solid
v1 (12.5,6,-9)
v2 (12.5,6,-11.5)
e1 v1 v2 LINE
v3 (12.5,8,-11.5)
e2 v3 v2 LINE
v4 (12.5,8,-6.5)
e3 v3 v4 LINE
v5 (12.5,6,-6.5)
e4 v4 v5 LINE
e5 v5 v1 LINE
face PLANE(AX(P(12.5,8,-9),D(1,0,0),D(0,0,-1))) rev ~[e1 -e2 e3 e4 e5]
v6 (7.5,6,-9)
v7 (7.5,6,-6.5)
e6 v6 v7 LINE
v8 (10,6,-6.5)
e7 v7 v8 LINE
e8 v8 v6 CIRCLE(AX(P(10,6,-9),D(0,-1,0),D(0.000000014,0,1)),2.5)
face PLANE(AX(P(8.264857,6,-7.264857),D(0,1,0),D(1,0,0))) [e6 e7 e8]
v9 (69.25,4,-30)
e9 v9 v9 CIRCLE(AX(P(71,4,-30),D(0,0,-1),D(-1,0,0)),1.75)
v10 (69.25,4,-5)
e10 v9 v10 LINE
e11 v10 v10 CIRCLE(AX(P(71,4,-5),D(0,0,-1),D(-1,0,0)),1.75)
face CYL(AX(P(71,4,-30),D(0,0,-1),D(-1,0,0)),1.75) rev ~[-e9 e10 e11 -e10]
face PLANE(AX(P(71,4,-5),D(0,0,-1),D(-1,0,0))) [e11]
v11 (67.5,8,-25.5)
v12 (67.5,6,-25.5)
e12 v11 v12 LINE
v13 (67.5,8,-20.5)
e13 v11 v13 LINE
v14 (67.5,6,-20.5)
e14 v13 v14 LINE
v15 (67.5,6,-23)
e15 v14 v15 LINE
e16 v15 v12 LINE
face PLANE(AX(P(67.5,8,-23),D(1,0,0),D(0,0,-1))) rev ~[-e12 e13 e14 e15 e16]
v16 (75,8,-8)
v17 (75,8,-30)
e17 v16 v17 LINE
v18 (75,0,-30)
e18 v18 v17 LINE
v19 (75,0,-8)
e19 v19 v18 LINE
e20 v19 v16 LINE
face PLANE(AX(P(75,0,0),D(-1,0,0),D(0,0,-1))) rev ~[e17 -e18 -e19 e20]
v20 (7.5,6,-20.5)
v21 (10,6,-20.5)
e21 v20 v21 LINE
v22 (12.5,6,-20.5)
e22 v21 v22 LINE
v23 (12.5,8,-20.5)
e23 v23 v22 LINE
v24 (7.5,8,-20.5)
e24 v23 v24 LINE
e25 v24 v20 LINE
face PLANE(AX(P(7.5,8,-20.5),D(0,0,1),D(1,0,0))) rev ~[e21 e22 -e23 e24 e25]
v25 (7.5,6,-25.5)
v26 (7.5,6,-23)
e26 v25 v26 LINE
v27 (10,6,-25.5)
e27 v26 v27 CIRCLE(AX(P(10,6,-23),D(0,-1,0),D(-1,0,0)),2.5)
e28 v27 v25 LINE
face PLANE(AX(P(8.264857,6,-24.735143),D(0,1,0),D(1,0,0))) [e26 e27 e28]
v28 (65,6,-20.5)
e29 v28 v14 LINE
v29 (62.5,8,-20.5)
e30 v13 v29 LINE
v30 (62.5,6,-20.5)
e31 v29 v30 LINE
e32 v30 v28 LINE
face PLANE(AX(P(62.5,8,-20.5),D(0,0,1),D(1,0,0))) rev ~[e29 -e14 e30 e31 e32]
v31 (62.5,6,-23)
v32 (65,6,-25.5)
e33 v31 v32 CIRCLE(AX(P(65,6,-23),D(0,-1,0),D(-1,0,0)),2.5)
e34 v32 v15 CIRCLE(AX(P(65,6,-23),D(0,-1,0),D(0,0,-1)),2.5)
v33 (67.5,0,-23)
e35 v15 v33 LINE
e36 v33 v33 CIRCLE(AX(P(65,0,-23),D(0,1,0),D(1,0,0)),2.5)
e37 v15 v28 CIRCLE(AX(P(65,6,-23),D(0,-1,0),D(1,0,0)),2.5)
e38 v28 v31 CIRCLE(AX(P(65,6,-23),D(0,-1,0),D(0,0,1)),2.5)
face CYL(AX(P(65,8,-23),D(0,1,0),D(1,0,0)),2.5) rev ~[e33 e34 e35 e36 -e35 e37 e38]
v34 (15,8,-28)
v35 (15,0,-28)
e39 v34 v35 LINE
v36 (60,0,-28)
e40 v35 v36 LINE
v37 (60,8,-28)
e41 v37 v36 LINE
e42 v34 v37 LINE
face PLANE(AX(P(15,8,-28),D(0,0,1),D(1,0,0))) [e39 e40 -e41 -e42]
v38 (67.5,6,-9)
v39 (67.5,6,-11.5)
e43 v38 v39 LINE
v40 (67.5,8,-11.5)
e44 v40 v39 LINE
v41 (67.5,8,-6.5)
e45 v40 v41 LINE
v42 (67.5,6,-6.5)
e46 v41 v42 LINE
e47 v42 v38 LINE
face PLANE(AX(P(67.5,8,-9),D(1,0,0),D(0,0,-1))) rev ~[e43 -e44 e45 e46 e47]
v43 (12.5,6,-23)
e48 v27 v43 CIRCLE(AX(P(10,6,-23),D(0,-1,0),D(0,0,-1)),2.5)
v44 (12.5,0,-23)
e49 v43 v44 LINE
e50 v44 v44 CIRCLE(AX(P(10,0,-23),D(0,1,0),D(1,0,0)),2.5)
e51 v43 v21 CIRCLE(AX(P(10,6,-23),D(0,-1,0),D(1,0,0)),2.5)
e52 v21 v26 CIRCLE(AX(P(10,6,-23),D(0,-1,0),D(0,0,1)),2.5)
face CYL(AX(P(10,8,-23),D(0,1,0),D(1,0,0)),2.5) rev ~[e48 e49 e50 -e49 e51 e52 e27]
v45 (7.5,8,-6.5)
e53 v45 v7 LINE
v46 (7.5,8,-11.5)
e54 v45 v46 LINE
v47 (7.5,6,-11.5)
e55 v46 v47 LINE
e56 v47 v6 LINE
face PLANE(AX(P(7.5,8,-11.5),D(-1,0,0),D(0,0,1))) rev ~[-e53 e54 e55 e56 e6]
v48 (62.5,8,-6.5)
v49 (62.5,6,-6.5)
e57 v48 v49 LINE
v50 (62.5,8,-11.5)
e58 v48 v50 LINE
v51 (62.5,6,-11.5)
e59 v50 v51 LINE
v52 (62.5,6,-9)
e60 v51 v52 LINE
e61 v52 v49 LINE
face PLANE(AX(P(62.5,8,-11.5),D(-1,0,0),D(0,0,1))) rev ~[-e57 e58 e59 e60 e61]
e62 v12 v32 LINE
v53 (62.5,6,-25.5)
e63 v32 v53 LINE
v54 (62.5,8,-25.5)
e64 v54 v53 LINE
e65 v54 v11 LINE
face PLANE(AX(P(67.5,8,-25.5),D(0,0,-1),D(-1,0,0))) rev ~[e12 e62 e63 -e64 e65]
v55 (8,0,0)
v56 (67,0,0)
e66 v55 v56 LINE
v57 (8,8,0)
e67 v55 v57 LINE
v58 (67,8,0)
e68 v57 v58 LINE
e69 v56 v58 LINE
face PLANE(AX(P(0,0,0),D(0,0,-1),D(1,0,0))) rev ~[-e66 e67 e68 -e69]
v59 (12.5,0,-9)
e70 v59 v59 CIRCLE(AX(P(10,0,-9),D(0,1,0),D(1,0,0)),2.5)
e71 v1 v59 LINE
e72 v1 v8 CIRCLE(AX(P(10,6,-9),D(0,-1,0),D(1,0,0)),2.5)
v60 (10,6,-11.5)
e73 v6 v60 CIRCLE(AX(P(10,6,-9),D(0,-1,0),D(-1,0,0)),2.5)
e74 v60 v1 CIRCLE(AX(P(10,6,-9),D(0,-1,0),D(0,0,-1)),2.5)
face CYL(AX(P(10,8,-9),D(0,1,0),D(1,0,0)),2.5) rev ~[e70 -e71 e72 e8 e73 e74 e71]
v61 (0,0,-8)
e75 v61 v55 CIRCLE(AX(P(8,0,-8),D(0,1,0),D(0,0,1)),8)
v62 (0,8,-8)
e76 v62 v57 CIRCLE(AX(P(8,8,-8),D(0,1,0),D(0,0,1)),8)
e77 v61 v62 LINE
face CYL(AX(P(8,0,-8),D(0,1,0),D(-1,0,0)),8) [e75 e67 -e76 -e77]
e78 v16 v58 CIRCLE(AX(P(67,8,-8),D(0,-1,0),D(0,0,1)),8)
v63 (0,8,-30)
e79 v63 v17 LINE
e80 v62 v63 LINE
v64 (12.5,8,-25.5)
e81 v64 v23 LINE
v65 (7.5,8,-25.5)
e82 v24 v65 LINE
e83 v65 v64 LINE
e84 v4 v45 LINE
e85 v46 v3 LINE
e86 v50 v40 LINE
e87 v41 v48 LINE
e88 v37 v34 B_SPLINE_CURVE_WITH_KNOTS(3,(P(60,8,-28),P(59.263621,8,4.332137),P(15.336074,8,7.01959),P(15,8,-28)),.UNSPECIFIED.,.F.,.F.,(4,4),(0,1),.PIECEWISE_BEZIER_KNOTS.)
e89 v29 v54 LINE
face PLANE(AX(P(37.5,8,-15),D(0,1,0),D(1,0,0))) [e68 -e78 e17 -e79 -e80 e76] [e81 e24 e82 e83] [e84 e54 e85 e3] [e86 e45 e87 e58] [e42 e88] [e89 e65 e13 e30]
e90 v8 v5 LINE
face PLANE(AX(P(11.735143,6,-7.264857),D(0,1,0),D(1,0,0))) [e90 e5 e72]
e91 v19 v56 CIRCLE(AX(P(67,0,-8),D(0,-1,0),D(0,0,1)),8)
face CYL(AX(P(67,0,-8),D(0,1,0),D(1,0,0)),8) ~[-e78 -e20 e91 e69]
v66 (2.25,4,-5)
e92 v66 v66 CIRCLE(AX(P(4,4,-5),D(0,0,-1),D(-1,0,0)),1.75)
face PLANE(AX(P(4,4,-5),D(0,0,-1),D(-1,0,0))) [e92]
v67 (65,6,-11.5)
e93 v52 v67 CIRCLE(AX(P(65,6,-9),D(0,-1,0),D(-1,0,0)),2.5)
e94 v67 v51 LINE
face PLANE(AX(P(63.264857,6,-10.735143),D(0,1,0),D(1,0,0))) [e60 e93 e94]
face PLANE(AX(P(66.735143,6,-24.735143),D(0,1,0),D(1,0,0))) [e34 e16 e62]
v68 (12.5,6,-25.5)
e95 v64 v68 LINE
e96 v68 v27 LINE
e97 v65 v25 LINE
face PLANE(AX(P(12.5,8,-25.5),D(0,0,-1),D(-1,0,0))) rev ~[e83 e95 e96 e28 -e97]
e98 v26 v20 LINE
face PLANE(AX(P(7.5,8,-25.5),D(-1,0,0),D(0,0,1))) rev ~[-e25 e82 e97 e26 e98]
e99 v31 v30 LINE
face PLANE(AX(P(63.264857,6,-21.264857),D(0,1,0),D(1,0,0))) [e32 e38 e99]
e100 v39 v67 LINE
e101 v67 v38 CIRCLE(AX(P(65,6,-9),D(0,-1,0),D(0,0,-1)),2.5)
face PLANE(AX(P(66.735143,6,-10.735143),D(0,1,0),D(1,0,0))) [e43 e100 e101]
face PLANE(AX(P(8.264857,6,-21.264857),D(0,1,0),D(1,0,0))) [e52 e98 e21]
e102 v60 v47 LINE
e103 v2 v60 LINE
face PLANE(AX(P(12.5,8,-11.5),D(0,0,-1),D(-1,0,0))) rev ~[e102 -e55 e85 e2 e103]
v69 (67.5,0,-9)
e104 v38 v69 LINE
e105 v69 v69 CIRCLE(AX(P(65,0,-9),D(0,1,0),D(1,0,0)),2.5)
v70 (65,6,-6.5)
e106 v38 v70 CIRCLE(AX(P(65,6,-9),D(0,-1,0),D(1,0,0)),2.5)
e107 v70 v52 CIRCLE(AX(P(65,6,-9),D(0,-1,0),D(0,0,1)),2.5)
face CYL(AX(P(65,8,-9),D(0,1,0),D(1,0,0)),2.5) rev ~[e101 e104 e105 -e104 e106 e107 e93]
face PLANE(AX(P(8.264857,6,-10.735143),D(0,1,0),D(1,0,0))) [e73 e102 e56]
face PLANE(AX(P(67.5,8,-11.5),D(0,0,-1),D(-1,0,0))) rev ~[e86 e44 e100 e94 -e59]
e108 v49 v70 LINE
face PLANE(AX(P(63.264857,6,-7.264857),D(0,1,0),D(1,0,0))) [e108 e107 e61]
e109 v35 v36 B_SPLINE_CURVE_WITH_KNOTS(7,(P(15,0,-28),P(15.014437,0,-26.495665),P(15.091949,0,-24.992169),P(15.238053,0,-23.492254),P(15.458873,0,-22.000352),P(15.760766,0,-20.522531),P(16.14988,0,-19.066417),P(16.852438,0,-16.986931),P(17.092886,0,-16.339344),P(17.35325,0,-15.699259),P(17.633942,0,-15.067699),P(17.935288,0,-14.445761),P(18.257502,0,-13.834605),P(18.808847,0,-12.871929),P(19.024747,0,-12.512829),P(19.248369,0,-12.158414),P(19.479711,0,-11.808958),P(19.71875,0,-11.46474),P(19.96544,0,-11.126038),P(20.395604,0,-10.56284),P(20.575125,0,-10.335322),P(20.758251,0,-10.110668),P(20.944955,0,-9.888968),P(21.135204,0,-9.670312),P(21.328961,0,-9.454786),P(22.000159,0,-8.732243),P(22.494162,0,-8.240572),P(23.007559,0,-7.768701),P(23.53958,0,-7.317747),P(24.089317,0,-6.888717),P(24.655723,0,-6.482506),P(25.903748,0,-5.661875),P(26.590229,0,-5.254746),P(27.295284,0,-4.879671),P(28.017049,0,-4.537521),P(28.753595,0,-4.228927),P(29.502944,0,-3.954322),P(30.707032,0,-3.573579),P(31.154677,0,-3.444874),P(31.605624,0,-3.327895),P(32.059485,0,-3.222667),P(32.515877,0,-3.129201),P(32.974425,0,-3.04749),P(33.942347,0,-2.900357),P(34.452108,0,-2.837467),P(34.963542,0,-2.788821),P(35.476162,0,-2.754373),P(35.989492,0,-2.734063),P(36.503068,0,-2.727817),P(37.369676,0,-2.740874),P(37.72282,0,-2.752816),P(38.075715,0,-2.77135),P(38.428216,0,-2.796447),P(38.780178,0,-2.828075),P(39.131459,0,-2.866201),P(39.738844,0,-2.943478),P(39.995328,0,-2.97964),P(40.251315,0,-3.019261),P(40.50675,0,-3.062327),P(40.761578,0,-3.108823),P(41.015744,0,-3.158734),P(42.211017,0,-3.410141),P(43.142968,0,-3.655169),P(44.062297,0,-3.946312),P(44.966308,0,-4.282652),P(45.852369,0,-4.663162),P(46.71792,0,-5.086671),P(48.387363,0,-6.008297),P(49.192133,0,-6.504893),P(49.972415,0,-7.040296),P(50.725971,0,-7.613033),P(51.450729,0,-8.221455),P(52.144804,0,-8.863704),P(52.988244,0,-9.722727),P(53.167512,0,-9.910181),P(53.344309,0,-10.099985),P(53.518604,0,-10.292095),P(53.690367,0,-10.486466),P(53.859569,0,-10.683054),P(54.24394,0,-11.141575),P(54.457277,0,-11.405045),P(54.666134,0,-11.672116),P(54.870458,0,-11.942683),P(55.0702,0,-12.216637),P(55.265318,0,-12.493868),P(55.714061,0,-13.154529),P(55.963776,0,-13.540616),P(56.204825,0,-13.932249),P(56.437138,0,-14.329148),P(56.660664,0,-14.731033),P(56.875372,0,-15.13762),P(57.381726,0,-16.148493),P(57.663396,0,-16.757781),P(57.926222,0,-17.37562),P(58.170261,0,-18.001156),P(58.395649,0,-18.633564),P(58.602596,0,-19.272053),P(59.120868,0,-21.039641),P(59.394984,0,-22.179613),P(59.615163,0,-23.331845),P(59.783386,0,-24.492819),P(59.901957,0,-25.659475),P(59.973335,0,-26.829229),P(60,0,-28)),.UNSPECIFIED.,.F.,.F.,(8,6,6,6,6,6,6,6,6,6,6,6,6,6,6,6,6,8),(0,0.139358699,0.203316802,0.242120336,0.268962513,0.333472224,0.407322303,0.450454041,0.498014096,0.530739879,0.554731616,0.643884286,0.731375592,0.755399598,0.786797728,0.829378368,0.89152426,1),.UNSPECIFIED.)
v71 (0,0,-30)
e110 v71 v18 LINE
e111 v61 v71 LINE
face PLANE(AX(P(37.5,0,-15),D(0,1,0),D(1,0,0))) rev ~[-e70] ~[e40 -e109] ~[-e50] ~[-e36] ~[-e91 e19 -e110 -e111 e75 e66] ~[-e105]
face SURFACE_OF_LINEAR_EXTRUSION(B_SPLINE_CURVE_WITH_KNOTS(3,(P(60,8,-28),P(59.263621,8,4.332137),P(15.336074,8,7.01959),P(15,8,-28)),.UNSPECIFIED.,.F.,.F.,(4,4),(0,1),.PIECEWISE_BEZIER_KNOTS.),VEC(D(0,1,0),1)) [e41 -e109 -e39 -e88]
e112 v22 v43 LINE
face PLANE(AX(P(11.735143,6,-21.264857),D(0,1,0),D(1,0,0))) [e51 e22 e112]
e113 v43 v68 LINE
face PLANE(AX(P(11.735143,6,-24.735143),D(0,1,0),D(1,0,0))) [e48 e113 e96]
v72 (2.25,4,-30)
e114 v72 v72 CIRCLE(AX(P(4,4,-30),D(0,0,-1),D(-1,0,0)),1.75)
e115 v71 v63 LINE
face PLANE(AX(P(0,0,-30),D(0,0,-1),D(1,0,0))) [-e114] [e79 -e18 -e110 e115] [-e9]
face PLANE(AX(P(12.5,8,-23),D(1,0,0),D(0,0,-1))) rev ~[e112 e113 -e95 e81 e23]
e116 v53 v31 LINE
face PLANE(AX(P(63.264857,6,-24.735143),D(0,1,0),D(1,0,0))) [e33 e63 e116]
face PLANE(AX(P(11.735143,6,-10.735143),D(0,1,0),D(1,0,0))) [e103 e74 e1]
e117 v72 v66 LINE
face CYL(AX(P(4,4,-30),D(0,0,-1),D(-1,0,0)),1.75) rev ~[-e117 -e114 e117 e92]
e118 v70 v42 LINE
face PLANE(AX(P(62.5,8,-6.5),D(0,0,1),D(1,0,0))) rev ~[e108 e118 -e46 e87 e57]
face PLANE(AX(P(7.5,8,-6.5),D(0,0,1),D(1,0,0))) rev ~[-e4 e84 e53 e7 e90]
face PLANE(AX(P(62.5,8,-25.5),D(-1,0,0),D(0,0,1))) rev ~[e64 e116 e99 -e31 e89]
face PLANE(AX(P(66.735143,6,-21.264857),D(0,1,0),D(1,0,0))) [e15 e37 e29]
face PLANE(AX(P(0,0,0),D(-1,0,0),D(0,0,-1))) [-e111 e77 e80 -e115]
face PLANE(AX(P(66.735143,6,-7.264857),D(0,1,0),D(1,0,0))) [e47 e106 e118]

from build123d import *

# Parameters (mm, degrees)
SKETCH1_W           = 75
SKETCH1_H           = 30
BOSS_EXTRUDE1_DEPTH = 8
SKETCH2_R           = 2.5
CUT_EXTRUDE1_DEPTH  = 9
CUT_EXTRUDE2_DEPTH  = 2
FILLET1_R           = 8
SKETCH3_R           = 1.75
CUT_EXTRUDE3_DEPTH  = 25


with BuildPart() as part:
    # Sketch1 → Boss-Extrude1 (new body)
    with BuildSketch(Plane(origin=(0, 0, 0), x_dir=(1, 0, 0), z_dir=(0, 1, 0))):
        with Locations((37.5, 15)):
            Rectangle(SKETCH1_W, SKETCH1_H)
    extrude(amount=BOSS_EXTRUDE1_DEPTH)

    # Sketch2 → Cut-Extrude1 (cut, through all)
    with BuildSketch(Plane(origin=(0, 8, 0), x_dir=(1, 0, 0), z_dir=(0, 1, 0))):
        with Locations((10, 23)):
            Circle(SKETCH2_R)
        with Locations((10, 9)):
            Circle(SKETCH2_R)
        with Locations((65, 23)):
            Circle(SKETCH2_R)
        with Locations((65, 9)):
            Circle(SKETCH2_R)
        with BuildLine():
            Line((15, 28), (60, 28))
            add(Edge.make_bspline(
                [(60, 28), (59.263620849, -4.332136717), (15.33607355, -7.019589548), (15, 28)],
                knots=[0, 0, 0, 0, 1, 1, 1, 1], degree=3))
        make_face()
    extrude(amount=-CUT_EXTRUDE1_DEPTH, mode=Mode.SUBTRACT)

    # Sketch2<3> → Cut-Extrude2 (cut)
    with BuildSketch(Plane(origin=(0, 8, 0), x_dir=(1, 0, 0), z_dir=(0, 1, 0))):
        with BuildLine():
            Line((12.5, 6.5), (12.5, 9))
            ThreePointArc((12.5, 9), (11.767766965, 7.232233059), (10.000000035, 6.5))
            Line((10.000000035, 6.5), (12.5, 6.5))
        make_face()
        with BuildLine():
            Line((12.5, 9), (12.5, 11.5))
            Line((12.5, 11.5), (10, 11.5))
            ThreePointArc((10, 11.5), (11.767766953, 10.767766953), (12.5, 9))
        make_face()
        with BuildLine():
            ThreePointArc((7.5, 9), (8.232233047, 10.767766953), (10, 11.5))
            Line((10, 11.5), (7.5, 11.5))
            Line((7.5, 11.5), (7.5, 9))
        make_face()
        with BuildLine():
            ThreePointArc((10.000000035, 6.5), (8.232233059, 7.232233035), (7.5, 9))
            Line((7.5, 9), (7.5, 6.5))
            Line((7.5, 6.5), (10.000000035, 6.5))
        make_face()
        with BuildLine():
            ThreePointArc((7.5, 23), (8.232233047, 24.767766953), (10, 25.5))
            Line((10, 25.5), (7.5, 25.5))
            Line((7.5, 25.5), (7.5, 23))
        make_face()
        with BuildLine():
            Line((12.5, 23), (12.5, 25.5))
            Line((12.5, 25.5), (10, 25.5))
            ThreePointArc((10, 25.5), (11.767766953, 24.767766953), (12.5, 23))
        make_face()
        with BuildLine():
            Line((12.5, 20.5), (12.5, 23))
            ThreePointArc((12.5, 23), (11.767766953, 21.232233047), (10, 20.5))
            Line((10, 20.5), (12.5, 20.5))
        make_face()
        with BuildLine():
            ThreePointArc((10, 20.5), (8.232233047, 21.232233047), (7.5, 23))
            Line((7.5, 23), (7.5, 20.5))
            Line((7.5, 20.5), (10, 20.5))
        make_face()
        with BuildLine():
            Line((65, 25.5), (62.5, 25.5))
            Line((62.5, 25.5), (62.5, 23))
            ThreePointArc((62.5, 23), (63.232233047, 24.767766953), (65, 25.5))
        make_face()
        with BuildLine():
            Line((67.5, 25.5), (65, 25.5))
            ThreePointArc((65, 25.5), (66.767766953, 24.767766953), (67.5, 23))
            Line((67.5, 23), (67.5, 25.5))
        make_face()
        with BuildLine():
            Line((67.5, 20.5), (67.5, 23))
            ThreePointArc((67.5, 23), (66.767766953, 21.232233047), (65, 20.5))
            Line((65, 20.5), (67.5, 20.5))
        make_face()
        with BuildLine():
            ThreePointArc((65, 20.5), (63.232233047, 21.232233047), (62.5, 23))
            Line((62.5, 23), (62.5, 20.5))
            Line((62.5, 20.5), (65, 20.5))
        make_face()
        with BuildLine():
            Line((67.5, 6.5), (67.5, 9))
            ThreePointArc((67.5, 9), (66.767766953, 7.232233047), (65, 6.5))
            Line((65, 6.5), (67.5, 6.5))
        make_face()
        with BuildLine():
            ThreePointArc((65, 6.5), (63.232233047, 7.232233047), (62.5, 9))
            Line((62.5, 9), (62.5, 6.5))
            Line((62.5, 6.5), (65, 6.5))
        make_face()
        with BuildLine():
            Line((65, 11.5), (62.5, 11.5))
            Line((62.5, 11.5), (62.5, 9))
            ThreePointArc((62.5, 9), (63.232233047, 10.767766953), (65, 11.5))
        make_face()
        with BuildLine():
            Line((67.5, 11.5), (65, 11.5))
            ThreePointArc((65, 11.5), (66.767766953, 10.767766953), (67.5, 9))
            Line((67.5, 9), (67.5, 11.5))
        make_face()
    extrude(amount=-CUT_EXTRUDE2_DEPTH, mode=Mode.SUBTRACT)

    # Fillet1
    fillet1_edges = [part.edges().sort_by_distance(p)[0] for p in [
        (75, 4, 0),
        (0, 4, 0),
    ]]
    fillet(fillet1_edges, radius=FILLET1_R)

    # Sketch3 → Cut-Extrude3 (cut)
    with BuildSketch(Plane(origin=(0, 0, -30), x_dir=(-1, 0, 0), z_dir=(0, 0, -1))):
        with Locations((-4, 4)):
            Circle(SKETCH3_R)
        with Locations((-71, 4)):
            Circle(SKETCH3_R)
    extrude(amount=-CUT_EXTRUDE3_DEPTH, mode=Mode.SUBTRACT)


solid = part.part
